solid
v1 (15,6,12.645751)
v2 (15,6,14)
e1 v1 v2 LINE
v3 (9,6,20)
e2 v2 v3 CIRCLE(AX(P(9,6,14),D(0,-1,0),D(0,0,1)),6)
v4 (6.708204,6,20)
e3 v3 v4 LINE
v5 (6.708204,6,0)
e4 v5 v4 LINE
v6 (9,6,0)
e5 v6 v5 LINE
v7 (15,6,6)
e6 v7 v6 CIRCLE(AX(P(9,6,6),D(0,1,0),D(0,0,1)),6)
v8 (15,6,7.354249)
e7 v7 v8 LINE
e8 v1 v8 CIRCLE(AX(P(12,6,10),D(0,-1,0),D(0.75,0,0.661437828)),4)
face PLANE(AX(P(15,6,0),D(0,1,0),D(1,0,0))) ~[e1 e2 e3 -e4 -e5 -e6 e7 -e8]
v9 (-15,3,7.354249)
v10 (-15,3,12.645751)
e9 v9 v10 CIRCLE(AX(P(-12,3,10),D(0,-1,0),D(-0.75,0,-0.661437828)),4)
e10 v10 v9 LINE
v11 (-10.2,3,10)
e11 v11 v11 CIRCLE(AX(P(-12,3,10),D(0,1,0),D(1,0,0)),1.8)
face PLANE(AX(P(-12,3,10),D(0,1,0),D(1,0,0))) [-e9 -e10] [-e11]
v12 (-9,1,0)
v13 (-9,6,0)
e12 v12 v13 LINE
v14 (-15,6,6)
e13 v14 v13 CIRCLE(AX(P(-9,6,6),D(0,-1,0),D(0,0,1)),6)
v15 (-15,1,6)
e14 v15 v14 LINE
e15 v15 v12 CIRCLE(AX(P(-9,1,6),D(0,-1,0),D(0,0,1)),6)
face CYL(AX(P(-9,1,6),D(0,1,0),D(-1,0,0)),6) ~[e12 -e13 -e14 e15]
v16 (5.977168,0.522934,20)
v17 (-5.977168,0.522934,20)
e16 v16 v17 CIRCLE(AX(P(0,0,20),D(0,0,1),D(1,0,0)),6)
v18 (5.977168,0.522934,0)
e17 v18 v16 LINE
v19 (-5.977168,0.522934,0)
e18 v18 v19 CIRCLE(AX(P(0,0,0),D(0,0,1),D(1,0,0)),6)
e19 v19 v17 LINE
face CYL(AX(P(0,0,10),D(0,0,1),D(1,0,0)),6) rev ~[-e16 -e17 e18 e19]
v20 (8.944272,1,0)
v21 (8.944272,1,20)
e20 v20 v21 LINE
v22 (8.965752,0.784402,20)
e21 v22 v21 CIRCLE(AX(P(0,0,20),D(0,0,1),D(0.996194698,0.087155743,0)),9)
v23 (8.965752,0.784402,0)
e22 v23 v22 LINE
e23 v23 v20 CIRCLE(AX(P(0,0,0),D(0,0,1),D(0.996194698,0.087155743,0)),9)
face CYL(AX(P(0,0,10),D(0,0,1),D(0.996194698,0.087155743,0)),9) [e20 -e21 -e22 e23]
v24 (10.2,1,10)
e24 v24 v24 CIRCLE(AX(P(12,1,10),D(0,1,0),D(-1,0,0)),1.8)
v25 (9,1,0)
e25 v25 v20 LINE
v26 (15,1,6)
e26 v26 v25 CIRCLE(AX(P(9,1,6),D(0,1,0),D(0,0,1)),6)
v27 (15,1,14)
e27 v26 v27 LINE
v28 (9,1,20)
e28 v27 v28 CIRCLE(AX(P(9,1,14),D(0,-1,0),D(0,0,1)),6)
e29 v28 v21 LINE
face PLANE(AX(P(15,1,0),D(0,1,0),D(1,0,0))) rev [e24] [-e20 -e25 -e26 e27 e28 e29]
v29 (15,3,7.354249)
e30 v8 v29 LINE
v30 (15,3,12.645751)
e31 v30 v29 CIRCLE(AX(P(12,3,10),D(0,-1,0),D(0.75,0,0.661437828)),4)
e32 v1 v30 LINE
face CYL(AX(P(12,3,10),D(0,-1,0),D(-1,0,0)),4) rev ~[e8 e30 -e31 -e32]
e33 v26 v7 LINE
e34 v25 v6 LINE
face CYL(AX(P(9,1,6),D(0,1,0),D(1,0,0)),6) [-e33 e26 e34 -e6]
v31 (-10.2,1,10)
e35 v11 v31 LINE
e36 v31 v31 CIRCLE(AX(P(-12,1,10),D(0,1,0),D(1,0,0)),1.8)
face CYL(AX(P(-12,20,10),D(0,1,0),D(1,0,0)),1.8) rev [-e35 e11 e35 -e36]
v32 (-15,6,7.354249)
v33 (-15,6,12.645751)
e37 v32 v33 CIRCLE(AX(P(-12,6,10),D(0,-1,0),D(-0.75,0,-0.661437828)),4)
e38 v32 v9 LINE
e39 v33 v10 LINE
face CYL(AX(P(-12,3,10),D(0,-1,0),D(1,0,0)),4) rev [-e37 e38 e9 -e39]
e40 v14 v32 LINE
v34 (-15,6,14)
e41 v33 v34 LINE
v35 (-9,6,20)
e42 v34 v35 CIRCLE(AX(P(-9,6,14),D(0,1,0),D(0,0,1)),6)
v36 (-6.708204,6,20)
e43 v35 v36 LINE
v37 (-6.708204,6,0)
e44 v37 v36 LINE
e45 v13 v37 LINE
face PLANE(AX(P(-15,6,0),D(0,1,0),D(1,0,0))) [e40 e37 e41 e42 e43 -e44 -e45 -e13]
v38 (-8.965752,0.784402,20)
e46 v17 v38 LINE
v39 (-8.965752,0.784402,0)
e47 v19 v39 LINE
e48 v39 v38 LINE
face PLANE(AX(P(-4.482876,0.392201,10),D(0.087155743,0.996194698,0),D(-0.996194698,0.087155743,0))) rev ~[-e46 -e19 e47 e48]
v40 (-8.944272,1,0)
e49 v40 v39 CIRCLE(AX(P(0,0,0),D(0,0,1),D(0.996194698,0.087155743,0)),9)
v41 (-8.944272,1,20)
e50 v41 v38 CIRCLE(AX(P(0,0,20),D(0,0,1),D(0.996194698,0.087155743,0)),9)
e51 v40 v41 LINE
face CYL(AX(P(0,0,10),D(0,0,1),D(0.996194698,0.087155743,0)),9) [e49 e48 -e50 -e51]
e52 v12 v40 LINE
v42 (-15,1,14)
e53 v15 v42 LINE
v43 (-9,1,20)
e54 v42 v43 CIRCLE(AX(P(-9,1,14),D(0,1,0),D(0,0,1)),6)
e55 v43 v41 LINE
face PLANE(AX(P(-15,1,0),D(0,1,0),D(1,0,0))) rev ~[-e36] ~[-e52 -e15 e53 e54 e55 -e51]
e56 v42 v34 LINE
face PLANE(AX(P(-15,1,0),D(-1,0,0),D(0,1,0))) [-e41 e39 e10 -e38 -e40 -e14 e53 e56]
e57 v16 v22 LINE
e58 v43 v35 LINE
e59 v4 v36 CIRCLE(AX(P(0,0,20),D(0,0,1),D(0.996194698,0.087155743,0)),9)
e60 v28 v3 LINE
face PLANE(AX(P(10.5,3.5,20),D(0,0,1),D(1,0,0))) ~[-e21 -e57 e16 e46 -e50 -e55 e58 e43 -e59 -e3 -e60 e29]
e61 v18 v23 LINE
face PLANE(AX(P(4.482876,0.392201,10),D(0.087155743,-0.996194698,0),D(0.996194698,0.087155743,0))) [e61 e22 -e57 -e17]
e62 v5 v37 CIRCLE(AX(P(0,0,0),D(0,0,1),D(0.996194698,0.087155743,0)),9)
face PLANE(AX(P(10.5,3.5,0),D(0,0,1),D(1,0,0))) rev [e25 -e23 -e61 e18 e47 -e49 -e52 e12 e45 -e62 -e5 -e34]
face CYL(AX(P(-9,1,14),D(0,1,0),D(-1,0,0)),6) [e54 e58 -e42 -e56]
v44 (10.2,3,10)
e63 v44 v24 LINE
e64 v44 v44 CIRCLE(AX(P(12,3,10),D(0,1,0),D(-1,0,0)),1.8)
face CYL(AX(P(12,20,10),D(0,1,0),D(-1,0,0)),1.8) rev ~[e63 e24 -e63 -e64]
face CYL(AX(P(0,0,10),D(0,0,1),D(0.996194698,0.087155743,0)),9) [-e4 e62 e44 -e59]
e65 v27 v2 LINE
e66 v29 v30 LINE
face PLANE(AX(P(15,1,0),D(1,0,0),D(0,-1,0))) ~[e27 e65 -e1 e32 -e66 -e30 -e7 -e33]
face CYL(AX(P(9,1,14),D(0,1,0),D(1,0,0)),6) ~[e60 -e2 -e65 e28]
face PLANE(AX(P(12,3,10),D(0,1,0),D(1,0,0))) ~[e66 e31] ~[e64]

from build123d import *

# Parameters (mm, degrees)
CYLINDER095_R            = 4
CYLINDER095_DEPTH        = 20
CYLINDER001_W            = 6
CYLINDER001_H            = 20
CYLINDER001_ANGLE        = 180
CYLINDER003_R            = 1.8
CYLINDER003_DEPTH        = 50
CYLINDER_W               = 9
CYLINDER_H               = 20
CYLINDER_ANGLE           = 170
CYLINDER_PLACEMENT_ANGLE = 5
BOX_W                    = 9
BOX_H                    = 5
BOX_DEPTH                = 20
FILLET_R                 = 6


with BuildPart() as bolt_head_cylinder:
    # Cylinder095 → Cylinder095 (new body)
    with BuildSketch(Plane(origin=(-12, 3, 10), x_dir=(1, 0, 0), z_dir=(0, 1, 0))):
        Circle(CYLINDER095_R)
    extrude(amount=CYLINDER095_DEPTH)


with BuildPart() as top_petals_hole_fusion:
    # Part__Mirroring004: instance of bolt head cylinder
    add(bolt_head_cylinder.part.mirror(Plane(origin=(0, 0, 0), x_dir=(0, -1, 0), z_dir=(1, 0, 0))))

    # Fusion002: union bolt head cylinder
    add(bolt_head_cylinder.part)


with BuildPart() as hole_cylinder:
    # Cylinder001 → Cylinder001 (revolve)
    with BuildSketch(Plane.XZ):
        with Locations((3, 10)):
            Rectangle(CYLINDER001_W, CYLINDER001_H)
    revolve(axis=Axis((0, 0, 0), (0, 0, 1)), revolution_arc=CYLINDER001_ANGLE)


with BuildPart() as bolt_hole:
    # Cylinder003 → Cylinder003 (new body)
    with BuildSketch(Plane(origin=(-12, 20, 10), x_dir=(1, 0, 0), z_dir=(0, -1, 0))):
        Circle(CYLINDER003_R)
    extrude(amount=CYLINDER003_DEPTH)


with BuildPart() as part_mirroring003:
    # Part__Mirroring003: instance of bolt hole
    add(bolt_hole.part.mirror(Plane(origin=(0, 0, 0), x_dir=(0, -1, 0), z_dir=(1, 0, 0))))


with BuildPart() as hole_fusion:
    # Fusion base: copy of bolt hole
    add(bolt_hole.part)

    # Fusion: union hole cylinder, Part__Mirroring003
    add(hole_cylinder.part)
    add(part_mirroring003.part)


with BuildPart() as external_cylinder:
    # Cylinder → Cylinder (revolve)
    with BuildSketch(Plane.XZ):
        with Locations((4.5, 10)):
            Rectangle(CYLINDER_W, CYLINDER_H)
    revolve(axis=Axis((0, 0, 0), (0, 0, 1)), revolution_arc=CYLINDER_ANGLE)


with BuildPart() as external_cylinder_1:
    # Cylinder placement: moved
    add(external_cylinder.part.rotate(Axis((0, 0, 0), (0, 0, 1)), CYLINDER_PLACEMENT_ANGLE))


with BuildPart() as petal_fillet:
    # Box → Box (new body)
    with BuildSketch(Plane(origin=(-15, 1, 0), x_dir=(1, 0, 0), z_dir=(0, 0, 1))):
        with Locations((4.5, 2.5)):
            Rectangle(BOX_W, BOX_H)
    extrude(amount=BOX_DEPTH)

    # Fillet
    fillet_edges = [petal_fillet.edges().sort_by_distance(p)[0] for p in [
        (-15, 3.5, 20),
        (-15, 3.5, 0),
    ]]
    fillet(fillet_edges, radius=FILLET_R)


with BuildPart() as part_mirroring002:
    # Part__Mirroring002: instance of petal fillet
    add(petal_fillet.part.mirror(Plane(origin=(0, 0, 0), x_dir=(0, -1, 0), z_dir=(1, 0, 0))))


with BuildPart() as top_half_cut:
    # Fusion001 base: copy of petal fillet
    add(petal_fillet.part)

    # Fusion001: union external cylinder, Part__Mirroring002
    add(external_cylinder_1.part)
    add(part_mirroring002.part)

    # Cut: cut hole fusion
    add(hole_fusion.part, mode=Mode.SUBTRACT)

    # Cut001: cut top petals hole fusion
    add(top_petals_hole_fusion.part, mode=Mode.SUBTRACT)


solid = top_half_cut.part
